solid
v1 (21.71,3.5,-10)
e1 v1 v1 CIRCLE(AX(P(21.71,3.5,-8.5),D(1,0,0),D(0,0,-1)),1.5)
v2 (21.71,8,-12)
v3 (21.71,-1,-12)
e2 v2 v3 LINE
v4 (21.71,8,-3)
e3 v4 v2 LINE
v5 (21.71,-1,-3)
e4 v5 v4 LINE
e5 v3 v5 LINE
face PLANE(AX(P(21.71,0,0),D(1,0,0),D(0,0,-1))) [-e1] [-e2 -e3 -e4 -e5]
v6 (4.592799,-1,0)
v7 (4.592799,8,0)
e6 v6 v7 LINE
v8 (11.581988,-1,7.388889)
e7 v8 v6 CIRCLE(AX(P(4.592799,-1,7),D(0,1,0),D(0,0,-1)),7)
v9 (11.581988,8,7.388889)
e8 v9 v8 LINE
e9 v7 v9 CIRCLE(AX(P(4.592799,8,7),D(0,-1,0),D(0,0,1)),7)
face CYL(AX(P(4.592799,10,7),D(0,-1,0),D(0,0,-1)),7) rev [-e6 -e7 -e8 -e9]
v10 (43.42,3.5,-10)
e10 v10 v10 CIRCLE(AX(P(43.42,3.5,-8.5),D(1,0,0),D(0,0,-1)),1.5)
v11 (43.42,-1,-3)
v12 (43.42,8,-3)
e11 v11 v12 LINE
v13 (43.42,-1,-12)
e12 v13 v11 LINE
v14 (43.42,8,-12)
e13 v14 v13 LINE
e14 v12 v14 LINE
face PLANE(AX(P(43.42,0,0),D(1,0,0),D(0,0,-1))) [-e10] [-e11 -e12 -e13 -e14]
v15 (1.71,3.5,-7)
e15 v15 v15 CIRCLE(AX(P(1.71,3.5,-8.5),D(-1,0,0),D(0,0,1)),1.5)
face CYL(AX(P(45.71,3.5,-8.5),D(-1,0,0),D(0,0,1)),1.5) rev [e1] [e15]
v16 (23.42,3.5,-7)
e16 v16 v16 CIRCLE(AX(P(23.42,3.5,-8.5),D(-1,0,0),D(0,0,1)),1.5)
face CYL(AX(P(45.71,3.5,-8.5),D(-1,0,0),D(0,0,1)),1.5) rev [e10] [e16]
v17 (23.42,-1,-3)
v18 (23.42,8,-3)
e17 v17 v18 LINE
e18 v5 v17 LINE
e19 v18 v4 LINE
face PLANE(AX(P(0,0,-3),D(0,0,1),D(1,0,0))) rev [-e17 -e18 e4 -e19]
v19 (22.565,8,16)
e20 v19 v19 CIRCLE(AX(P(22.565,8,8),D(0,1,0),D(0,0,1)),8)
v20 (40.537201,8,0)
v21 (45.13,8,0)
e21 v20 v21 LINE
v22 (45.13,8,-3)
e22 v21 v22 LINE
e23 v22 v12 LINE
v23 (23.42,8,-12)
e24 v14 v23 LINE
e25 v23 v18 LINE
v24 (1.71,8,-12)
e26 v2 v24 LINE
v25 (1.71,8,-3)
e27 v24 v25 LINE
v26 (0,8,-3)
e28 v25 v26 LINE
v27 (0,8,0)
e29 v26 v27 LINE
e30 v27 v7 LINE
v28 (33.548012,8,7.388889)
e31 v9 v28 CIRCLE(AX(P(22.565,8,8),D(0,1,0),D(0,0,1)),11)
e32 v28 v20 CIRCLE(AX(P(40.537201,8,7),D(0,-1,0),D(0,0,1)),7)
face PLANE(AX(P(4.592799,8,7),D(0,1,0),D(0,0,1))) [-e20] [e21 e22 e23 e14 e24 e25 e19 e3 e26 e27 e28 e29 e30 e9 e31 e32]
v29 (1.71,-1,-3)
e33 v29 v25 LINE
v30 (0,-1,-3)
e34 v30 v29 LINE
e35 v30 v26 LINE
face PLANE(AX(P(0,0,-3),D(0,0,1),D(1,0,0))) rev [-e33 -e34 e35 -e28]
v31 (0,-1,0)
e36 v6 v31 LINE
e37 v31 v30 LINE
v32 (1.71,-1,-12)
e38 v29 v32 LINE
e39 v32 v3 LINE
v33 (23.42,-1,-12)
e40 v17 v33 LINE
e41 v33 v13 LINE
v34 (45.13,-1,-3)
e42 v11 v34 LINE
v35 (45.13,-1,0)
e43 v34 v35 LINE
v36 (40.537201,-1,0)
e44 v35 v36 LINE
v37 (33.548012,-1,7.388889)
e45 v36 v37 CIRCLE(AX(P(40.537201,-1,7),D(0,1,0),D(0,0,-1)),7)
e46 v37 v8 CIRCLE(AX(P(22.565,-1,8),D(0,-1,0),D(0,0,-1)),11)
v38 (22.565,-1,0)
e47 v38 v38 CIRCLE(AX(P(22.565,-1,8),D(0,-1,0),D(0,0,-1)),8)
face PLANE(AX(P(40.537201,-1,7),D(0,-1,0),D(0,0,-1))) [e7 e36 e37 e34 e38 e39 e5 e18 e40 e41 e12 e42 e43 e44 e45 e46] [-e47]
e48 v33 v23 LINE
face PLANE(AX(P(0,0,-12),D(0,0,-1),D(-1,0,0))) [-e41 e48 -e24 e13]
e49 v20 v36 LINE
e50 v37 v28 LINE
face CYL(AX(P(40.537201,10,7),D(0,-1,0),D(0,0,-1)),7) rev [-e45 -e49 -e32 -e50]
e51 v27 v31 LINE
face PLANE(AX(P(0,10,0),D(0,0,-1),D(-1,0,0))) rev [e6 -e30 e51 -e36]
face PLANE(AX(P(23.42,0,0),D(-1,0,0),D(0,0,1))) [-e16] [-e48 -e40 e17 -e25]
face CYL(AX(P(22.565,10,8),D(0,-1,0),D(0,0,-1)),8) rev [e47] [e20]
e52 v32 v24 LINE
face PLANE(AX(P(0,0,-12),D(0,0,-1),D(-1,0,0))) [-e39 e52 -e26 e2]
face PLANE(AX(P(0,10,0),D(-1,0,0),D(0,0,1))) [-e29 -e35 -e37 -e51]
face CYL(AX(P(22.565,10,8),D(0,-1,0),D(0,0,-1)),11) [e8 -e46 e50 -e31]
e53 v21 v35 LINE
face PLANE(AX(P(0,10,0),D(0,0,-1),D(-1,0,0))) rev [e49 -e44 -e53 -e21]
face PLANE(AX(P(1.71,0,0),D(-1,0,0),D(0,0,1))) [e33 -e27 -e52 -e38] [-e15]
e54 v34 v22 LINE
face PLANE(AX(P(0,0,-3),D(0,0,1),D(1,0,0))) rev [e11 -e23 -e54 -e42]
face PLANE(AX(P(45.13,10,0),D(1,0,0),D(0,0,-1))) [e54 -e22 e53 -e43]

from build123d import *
from build123d.topology import SkipClean

# Parameters (mm, degrees)
SKETCH1_R           = 11
SKETCH1_R_2         = 8
SKETCH1_W           = 45.13
SKETCH1_H           = 7
BOSS_EXTRUDE1_DEPTH = 10
FILLET1_R           = 7
SKETCH2_W           = 1.71
SKETCH2_H           = 4
CUT_EXTRUDE1_DEPTH  = 10
SKETCH3_W           = 20
SKETCH3_H           = 10
BOSS_EXTRUDE2_DEPTH = 3
CUT_EXTRUDE2_START  = -3
CUT_EXTRUDE2_DEPTH  = 3
SKETCH6_W           = 20
SKETCH6_H           = 7
BOSS_EXTRUDE3_DEPTH = 2
SKETCH7_R           = 1.5
CUT_EXTRUDE5_DEPTH  = 44
SKETCH8_R           = 8
BOSS_EXTRUDE4_DEPTH = 1
BOSS_EXTRUDE5_START = 1
SKETCH9_R           = 8
BOSS_EXTRUDE5_DEPTH = 1


with BuildPart() as part:
    # Sketch1 → Boss-Extrude1 (new body)
    # profile 1 of 2: a face of its own
    with BuildSketch(Plane(origin=(0, 0, 0), x_dir=(1, 0, 0), z_dir=(0, 1, 0))):
        with Locations((22.565, -8)):
            Circle(SKETCH1_R)
        with Locations(Location((22.565, -8, 0), (0, 0, 270))):
            Circle(SKETCH1_R_2, mode=Mode.SUBTRACT)
    # profile 2 of 2: a face of its own
    with BuildSketch(Plane(origin=(0, 0, 0), x_dir=(1, 0, 0), z_dir=(0, 1, 0))):
        with Locations((22.565, 3.5)):
            Rectangle(SKETCH1_W, SKETCH1_H)
    extrude(amount=BOSS_EXTRUDE1_DEPTH)

    # Fillet1
    fillet1_edges = [part.edges().sort_by_distance(p)[0] for p in [
        (30.114834435, 5, 0),
        (15.015165565, 5, 0),
    ]]
    fillet(fillet1_edges, radius=FILLET1_R)

    # Sketch2 → Cut-Extrude1 (cut)
    with BuildSketch(Plane(origin=(0, 10, 0), x_dir=(1, 0, 0), z_dir=(0, 1, 0))):
        with Locations((0.855, 5)):
            Rectangle(SKETCH2_W, SKETCH2_H)
        with Locations((22.565, 5)):
            Rectangle(SKETCH2_W, SKETCH2_H)
        with Locations((44.275, 5)):
            Rectangle(SKETCH2_W, SKETCH2_H)
    extrude(amount=-CUT_EXTRUDE1_DEPTH, mode=Mode.SUBTRACT)

    # Sketch3 → Boss-Extrude2 (add)
    with BuildSketch(Plane(origin=(0, 0, -7), x_dir=(-1, 0, 0), z_dir=(0, 0, -1))):
        with Locations((-33.42, 5)):
            Rectangle(SKETCH3_W, SKETCH3_H)
        with Locations((-11.71, 5)):
            Rectangle(SKETCH3_W, SKETCH3_H)
    extrude(amount=BOSS_EXTRUDE2_DEPTH)

    # Sketch4 → Cut-Extrude2 (cut)
    with BuildSketch(Plane(origin=(0, 10, 0), x_dir=(1, 0, 0), z_dir=(0, 1, 0)).offset(CUT_EXTRUDE2_START)):
        with BuildLine():
            Line((21.71, 3), (21.71, 10))
            Line((21.71, 10), (1.71, 10))
            Line((1.71, 10), (1.71, 3))
            Line((1.71, 3), (0, 3))
            Line((0, 3), (0, 0))
            Line((0, 0), (4.592799244, 0))
            ThreePointArc((4.592799244, 0), (9.678181345, -2.189710103), (11.581988427, -7.388888889))
            ThreePointArc((11.581988427, -7.388888889), (22.565, -19), (33.548011573, -7.388888889))
            ThreePointArc((33.548011573, -7.388888889), (35.451818655, -2.189710103), (40.537200756, 0))
            Line((40.537200756, 0), (45.13, 0))
            Line((45.13, 0), (45.13, 3))
            Line((45.13, 3), (43.42, 3))
            Line((43.42, 3), (43.42, 10))
            Line((43.42, 10), (23.42, 10))
            Line((23.42, 10), (23.42, 3))
            Line((23.42, 3), (21.71, 3))
        make_face()
    extrude(amount=CUT_EXTRUDE2_DEPTH, mode=Mode.SUBTRACT)

    # Sketch6 → Boss-Extrude3 (add)
    with BuildSketch(Plane(origin=(0, 0, -10), x_dir=(-1, 0, 0), z_dir=(0, 0, -1))):
        with Locations((-33.42, 3.5)):
            Rectangle(SKETCH6_W, SKETCH6_H)
        with Locations((-11.71, 3.5)):
            Rectangle(SKETCH6_W, SKETCH6_H)
    extrude(amount=BOSS_EXTRUDE3_DEPTH)

    # Sketch7 → Cut-Extrude5 (cut)
    with BuildSketch(Plane.ZY.offset(-1.71)):
        with Locations((-8.5, 3.5)):
            Circle(SKETCH7_R)
    extrude(amount=-CUT_EXTRUDE5_DEPTH, mode=Mode.SUBTRACT)

    # Sketch8 → Boss-Extrude4 (add)
    with BuildSketch(Plane(origin=(0, 7, 0), x_dir=(1, 0, 0), z_dir=(0, 1, 0))):
        with BuildLine():
            Line((23.42, 3), (21.71, 3))
            Line((21.71, 3), (21.71, 12))
            Line((21.71, 12), (1.71, 12))
            Line((1.71, 12), (1.71, 3))
            Line((1.71, 3), (0, 3))
            Line((0, 3), (0, 0))
            Line((0, 0), (4.592799244, 0))
            ThreePointArc((4.592799244, 0), (9.678181345, -2.189710103), (11.581988427, -7.388888889))
            ThreePointArc((11.581988427, -7.388888889), (22.565, -19), (33.548011573, -7.388888889))
            ThreePointArc((33.548011573, -7.388888889), (35.451818655, -2.189710103), (40.537200756, 0))
            Line((40.537200756, 0), (45.13, 0))
            Line((45.13, 0), (45.13, 3))
            Line((45.13, 3), (43.42, 3))
            Line((43.42, 3), (43.42, 12))
            Line((43.42, 12), (23.42, 12))
            Line((23.42, 12), (23.42, 3))
        make_face()
        with Locations(Location((22.565, -8, 0), (0, 0, 270))):
            Circle(SKETCH8_R, mode=Mode.SUBTRACT)
    extrude(amount=BOSS_EXTRUDE4_DEPTH)

    # Sketch9 → Boss-Extrude5 (add)
    with SkipClean():  # the faces are left unmerged after this step: merging them gives an invalid solid
        with BuildSketch(Plane.XZ.offset(BOSS_EXTRUDE5_START)):
            with BuildLine():
                Line((1.71, -3), (1.71, -12))
                Line((1.71, -12), (21.71, -12))
                Line((21.71, -12), (21.71, -3))
                Line((21.71, -3), (23.42, -3))
                Line((23.42, -3), (23.42, -12))
                Line((23.42, -12), (43.42, -12))
                Line((43.42, -12), (43.42, -3))
                Line((43.42, -3), (45.13, -3))
                Line((45.13, -3), (45.13, 0))
                Line((45.13, 0), (40.537200756, 0))
                ThreePointArc((40.537200756, 0), (35.451818655, 2.189710103), (33.548011573, 7.388888889))
                ThreePointArc((33.548011573, 7.388888889), (22.565, 19), (11.581988427, 7.388888889))
                ThreePointArc((11.581988427, 7.388888889), (9.678181345, 2.189710103), (4.592799244, 0))
                Line((4.592799244, 0), (0, 0))
                Line((0, 0), (0, -3))
                Line((0, -3), (1.71, -3))
            make_face()
            with Locations(Location((22.565, 8, 0), (0, 0, 270))):
                Circle(SKETCH9_R, mode=Mode.SUBTRACT)
        extrude(amount=-BOSS_EXTRUDE5_DEPTH)


solid = part.part
